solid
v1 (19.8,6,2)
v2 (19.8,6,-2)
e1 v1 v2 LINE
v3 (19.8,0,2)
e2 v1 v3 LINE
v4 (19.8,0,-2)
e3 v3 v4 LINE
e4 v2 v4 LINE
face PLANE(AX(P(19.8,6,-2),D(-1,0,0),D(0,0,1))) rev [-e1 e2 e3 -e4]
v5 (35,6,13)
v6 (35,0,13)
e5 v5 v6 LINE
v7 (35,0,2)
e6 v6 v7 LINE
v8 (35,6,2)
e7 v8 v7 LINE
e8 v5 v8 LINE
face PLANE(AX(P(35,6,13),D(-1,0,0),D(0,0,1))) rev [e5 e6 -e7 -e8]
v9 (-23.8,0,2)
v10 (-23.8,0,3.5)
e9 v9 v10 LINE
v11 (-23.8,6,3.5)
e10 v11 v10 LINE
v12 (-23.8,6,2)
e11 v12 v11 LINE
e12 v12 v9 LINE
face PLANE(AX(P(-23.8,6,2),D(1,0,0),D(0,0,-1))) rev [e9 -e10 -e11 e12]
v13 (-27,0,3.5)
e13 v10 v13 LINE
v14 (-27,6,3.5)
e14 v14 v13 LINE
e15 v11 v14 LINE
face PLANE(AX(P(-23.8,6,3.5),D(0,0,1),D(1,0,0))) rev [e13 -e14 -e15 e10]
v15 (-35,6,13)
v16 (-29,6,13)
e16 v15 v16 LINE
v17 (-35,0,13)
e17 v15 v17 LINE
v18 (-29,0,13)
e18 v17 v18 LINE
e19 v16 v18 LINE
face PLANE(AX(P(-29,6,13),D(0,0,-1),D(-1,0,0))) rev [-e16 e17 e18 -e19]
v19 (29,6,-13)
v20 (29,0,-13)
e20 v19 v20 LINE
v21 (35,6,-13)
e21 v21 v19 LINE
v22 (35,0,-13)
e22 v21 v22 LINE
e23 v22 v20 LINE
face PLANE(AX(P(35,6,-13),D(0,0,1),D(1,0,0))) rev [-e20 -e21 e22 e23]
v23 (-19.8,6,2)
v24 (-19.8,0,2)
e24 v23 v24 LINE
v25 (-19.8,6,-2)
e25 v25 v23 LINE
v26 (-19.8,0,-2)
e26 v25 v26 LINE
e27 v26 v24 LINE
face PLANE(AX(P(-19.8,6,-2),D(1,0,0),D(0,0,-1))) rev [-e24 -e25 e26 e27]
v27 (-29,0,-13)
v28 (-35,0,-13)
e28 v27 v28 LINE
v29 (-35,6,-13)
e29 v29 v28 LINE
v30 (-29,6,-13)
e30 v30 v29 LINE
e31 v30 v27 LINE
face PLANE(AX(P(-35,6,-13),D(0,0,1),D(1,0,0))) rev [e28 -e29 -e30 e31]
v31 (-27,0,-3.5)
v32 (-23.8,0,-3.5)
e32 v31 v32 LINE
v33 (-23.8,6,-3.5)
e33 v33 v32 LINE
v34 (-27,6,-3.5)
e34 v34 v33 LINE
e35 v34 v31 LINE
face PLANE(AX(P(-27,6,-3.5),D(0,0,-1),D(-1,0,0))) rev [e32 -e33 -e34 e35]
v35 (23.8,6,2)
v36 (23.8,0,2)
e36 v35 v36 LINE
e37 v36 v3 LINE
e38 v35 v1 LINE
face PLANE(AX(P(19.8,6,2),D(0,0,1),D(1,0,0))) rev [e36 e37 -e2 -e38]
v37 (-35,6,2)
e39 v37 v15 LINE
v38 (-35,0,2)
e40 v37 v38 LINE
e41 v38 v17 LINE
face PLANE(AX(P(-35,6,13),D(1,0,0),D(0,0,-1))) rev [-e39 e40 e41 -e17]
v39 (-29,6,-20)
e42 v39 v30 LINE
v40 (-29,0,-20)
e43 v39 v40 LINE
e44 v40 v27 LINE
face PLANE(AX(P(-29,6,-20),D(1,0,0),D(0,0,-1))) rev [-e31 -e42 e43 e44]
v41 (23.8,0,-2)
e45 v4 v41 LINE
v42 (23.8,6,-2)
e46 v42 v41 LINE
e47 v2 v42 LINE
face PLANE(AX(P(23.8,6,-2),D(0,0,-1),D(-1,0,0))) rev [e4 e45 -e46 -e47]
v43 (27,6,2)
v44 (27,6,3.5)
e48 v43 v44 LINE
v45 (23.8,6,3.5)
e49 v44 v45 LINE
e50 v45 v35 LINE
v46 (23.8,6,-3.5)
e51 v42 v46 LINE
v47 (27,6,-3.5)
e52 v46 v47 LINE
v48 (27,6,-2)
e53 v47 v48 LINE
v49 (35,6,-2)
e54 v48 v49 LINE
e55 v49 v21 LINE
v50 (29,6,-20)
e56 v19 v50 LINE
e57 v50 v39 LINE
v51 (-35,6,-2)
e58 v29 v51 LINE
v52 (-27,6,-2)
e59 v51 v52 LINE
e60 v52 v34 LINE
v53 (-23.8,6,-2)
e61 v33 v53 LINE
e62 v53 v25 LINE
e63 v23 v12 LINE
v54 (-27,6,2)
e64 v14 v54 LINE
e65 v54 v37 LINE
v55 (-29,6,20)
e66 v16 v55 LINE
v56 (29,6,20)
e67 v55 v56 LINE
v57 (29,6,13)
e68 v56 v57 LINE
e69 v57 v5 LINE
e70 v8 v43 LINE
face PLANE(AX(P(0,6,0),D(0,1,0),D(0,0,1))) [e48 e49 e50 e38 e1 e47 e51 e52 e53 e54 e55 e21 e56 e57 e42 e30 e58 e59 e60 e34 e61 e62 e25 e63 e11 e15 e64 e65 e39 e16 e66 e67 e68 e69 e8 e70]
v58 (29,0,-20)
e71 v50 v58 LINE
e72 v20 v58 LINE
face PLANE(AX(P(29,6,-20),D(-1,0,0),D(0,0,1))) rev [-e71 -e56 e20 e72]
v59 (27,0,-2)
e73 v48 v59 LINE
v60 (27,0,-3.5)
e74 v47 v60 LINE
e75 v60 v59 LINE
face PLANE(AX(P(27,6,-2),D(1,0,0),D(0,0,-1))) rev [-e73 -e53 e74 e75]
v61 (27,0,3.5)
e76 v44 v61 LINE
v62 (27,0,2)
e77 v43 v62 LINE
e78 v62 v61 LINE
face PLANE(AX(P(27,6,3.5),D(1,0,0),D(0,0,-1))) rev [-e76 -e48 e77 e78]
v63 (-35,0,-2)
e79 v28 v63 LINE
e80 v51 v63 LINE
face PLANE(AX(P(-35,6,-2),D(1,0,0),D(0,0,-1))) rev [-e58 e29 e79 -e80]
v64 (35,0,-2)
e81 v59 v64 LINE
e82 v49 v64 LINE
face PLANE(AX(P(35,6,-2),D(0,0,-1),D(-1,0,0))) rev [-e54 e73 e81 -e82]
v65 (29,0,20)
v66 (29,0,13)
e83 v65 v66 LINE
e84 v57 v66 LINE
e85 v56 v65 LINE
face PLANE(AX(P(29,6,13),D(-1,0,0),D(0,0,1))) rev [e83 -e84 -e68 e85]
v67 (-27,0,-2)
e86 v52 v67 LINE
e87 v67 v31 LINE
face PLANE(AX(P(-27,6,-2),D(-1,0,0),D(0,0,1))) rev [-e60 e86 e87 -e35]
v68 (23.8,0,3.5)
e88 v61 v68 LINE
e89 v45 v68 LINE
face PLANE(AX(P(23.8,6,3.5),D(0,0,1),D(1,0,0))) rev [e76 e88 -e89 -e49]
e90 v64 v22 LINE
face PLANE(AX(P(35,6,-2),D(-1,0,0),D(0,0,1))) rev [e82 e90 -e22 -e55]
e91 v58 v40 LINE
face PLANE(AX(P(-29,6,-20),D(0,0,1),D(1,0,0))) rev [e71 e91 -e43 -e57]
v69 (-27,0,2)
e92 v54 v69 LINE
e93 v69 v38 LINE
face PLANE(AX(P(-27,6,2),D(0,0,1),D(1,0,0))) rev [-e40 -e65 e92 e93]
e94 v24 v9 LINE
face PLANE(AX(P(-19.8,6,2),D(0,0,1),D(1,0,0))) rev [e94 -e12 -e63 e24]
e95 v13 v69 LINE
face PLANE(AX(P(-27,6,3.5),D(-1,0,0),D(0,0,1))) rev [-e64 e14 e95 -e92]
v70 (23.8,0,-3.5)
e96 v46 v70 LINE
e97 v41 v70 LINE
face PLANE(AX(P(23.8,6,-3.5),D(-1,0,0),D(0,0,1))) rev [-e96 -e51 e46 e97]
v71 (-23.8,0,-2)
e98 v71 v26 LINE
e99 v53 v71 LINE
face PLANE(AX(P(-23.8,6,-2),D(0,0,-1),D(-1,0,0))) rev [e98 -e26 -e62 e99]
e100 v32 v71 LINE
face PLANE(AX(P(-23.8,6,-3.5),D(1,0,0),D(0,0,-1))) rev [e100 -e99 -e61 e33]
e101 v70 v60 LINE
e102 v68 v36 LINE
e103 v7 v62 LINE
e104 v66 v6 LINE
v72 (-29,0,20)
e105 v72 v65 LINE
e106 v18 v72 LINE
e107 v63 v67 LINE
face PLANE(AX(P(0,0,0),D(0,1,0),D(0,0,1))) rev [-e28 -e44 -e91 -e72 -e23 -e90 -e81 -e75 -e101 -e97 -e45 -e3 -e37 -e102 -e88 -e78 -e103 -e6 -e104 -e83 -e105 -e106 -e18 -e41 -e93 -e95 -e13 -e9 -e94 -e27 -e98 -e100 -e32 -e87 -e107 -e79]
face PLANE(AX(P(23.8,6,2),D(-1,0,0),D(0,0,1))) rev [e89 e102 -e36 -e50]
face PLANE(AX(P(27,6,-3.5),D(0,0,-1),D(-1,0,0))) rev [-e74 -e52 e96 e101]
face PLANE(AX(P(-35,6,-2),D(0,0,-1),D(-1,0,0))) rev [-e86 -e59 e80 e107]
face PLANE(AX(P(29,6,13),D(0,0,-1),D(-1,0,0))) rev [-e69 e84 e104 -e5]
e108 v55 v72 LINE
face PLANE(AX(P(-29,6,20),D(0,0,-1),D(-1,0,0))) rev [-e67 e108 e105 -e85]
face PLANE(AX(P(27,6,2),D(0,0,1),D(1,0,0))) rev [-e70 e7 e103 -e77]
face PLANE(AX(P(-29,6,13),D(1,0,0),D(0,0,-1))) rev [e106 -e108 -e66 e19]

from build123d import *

# Parameters (mm, degrees)
BOSS_EXTRUDE1_DEPTH = 6


with BuildPart() as part:
    # Sketch1 → Boss-Extrude1 (new body)
    with BuildSketch(Plane(origin=(0, 0, 0), x_dir=(1, 0, 0), z_dir=(0, 1, 0))):
        Polygon((-29, 20), (29, 20), (29, 13), (35, 13), (35, 2), (27, 2), (27, 3.5), (23.8, 3.5), (23.8, 2), (19.8, 2), (19.8, -2), (23.8, -2), (23.8, -3.5), (27, -3.5), (27, -2), (35, -2), (35, -13), (29, -13), (29, -20), (-29, -20), (-29, -13), (-35, -13), (-35, -2), (-27, -2), (-27, -3.5), (-23.8, -3.5), (-23.8, -2), (-19.8, -2), (-19.8, 2), (-23.8, 2), (-23.8, 3.5), (-27, 3.5), (-27, 2), (-35, 2), (-35, 13), (-29, 13), align=None)
    extrude(amount=BOSS_EXTRUDE1_DEPTH)


solid = part.part
